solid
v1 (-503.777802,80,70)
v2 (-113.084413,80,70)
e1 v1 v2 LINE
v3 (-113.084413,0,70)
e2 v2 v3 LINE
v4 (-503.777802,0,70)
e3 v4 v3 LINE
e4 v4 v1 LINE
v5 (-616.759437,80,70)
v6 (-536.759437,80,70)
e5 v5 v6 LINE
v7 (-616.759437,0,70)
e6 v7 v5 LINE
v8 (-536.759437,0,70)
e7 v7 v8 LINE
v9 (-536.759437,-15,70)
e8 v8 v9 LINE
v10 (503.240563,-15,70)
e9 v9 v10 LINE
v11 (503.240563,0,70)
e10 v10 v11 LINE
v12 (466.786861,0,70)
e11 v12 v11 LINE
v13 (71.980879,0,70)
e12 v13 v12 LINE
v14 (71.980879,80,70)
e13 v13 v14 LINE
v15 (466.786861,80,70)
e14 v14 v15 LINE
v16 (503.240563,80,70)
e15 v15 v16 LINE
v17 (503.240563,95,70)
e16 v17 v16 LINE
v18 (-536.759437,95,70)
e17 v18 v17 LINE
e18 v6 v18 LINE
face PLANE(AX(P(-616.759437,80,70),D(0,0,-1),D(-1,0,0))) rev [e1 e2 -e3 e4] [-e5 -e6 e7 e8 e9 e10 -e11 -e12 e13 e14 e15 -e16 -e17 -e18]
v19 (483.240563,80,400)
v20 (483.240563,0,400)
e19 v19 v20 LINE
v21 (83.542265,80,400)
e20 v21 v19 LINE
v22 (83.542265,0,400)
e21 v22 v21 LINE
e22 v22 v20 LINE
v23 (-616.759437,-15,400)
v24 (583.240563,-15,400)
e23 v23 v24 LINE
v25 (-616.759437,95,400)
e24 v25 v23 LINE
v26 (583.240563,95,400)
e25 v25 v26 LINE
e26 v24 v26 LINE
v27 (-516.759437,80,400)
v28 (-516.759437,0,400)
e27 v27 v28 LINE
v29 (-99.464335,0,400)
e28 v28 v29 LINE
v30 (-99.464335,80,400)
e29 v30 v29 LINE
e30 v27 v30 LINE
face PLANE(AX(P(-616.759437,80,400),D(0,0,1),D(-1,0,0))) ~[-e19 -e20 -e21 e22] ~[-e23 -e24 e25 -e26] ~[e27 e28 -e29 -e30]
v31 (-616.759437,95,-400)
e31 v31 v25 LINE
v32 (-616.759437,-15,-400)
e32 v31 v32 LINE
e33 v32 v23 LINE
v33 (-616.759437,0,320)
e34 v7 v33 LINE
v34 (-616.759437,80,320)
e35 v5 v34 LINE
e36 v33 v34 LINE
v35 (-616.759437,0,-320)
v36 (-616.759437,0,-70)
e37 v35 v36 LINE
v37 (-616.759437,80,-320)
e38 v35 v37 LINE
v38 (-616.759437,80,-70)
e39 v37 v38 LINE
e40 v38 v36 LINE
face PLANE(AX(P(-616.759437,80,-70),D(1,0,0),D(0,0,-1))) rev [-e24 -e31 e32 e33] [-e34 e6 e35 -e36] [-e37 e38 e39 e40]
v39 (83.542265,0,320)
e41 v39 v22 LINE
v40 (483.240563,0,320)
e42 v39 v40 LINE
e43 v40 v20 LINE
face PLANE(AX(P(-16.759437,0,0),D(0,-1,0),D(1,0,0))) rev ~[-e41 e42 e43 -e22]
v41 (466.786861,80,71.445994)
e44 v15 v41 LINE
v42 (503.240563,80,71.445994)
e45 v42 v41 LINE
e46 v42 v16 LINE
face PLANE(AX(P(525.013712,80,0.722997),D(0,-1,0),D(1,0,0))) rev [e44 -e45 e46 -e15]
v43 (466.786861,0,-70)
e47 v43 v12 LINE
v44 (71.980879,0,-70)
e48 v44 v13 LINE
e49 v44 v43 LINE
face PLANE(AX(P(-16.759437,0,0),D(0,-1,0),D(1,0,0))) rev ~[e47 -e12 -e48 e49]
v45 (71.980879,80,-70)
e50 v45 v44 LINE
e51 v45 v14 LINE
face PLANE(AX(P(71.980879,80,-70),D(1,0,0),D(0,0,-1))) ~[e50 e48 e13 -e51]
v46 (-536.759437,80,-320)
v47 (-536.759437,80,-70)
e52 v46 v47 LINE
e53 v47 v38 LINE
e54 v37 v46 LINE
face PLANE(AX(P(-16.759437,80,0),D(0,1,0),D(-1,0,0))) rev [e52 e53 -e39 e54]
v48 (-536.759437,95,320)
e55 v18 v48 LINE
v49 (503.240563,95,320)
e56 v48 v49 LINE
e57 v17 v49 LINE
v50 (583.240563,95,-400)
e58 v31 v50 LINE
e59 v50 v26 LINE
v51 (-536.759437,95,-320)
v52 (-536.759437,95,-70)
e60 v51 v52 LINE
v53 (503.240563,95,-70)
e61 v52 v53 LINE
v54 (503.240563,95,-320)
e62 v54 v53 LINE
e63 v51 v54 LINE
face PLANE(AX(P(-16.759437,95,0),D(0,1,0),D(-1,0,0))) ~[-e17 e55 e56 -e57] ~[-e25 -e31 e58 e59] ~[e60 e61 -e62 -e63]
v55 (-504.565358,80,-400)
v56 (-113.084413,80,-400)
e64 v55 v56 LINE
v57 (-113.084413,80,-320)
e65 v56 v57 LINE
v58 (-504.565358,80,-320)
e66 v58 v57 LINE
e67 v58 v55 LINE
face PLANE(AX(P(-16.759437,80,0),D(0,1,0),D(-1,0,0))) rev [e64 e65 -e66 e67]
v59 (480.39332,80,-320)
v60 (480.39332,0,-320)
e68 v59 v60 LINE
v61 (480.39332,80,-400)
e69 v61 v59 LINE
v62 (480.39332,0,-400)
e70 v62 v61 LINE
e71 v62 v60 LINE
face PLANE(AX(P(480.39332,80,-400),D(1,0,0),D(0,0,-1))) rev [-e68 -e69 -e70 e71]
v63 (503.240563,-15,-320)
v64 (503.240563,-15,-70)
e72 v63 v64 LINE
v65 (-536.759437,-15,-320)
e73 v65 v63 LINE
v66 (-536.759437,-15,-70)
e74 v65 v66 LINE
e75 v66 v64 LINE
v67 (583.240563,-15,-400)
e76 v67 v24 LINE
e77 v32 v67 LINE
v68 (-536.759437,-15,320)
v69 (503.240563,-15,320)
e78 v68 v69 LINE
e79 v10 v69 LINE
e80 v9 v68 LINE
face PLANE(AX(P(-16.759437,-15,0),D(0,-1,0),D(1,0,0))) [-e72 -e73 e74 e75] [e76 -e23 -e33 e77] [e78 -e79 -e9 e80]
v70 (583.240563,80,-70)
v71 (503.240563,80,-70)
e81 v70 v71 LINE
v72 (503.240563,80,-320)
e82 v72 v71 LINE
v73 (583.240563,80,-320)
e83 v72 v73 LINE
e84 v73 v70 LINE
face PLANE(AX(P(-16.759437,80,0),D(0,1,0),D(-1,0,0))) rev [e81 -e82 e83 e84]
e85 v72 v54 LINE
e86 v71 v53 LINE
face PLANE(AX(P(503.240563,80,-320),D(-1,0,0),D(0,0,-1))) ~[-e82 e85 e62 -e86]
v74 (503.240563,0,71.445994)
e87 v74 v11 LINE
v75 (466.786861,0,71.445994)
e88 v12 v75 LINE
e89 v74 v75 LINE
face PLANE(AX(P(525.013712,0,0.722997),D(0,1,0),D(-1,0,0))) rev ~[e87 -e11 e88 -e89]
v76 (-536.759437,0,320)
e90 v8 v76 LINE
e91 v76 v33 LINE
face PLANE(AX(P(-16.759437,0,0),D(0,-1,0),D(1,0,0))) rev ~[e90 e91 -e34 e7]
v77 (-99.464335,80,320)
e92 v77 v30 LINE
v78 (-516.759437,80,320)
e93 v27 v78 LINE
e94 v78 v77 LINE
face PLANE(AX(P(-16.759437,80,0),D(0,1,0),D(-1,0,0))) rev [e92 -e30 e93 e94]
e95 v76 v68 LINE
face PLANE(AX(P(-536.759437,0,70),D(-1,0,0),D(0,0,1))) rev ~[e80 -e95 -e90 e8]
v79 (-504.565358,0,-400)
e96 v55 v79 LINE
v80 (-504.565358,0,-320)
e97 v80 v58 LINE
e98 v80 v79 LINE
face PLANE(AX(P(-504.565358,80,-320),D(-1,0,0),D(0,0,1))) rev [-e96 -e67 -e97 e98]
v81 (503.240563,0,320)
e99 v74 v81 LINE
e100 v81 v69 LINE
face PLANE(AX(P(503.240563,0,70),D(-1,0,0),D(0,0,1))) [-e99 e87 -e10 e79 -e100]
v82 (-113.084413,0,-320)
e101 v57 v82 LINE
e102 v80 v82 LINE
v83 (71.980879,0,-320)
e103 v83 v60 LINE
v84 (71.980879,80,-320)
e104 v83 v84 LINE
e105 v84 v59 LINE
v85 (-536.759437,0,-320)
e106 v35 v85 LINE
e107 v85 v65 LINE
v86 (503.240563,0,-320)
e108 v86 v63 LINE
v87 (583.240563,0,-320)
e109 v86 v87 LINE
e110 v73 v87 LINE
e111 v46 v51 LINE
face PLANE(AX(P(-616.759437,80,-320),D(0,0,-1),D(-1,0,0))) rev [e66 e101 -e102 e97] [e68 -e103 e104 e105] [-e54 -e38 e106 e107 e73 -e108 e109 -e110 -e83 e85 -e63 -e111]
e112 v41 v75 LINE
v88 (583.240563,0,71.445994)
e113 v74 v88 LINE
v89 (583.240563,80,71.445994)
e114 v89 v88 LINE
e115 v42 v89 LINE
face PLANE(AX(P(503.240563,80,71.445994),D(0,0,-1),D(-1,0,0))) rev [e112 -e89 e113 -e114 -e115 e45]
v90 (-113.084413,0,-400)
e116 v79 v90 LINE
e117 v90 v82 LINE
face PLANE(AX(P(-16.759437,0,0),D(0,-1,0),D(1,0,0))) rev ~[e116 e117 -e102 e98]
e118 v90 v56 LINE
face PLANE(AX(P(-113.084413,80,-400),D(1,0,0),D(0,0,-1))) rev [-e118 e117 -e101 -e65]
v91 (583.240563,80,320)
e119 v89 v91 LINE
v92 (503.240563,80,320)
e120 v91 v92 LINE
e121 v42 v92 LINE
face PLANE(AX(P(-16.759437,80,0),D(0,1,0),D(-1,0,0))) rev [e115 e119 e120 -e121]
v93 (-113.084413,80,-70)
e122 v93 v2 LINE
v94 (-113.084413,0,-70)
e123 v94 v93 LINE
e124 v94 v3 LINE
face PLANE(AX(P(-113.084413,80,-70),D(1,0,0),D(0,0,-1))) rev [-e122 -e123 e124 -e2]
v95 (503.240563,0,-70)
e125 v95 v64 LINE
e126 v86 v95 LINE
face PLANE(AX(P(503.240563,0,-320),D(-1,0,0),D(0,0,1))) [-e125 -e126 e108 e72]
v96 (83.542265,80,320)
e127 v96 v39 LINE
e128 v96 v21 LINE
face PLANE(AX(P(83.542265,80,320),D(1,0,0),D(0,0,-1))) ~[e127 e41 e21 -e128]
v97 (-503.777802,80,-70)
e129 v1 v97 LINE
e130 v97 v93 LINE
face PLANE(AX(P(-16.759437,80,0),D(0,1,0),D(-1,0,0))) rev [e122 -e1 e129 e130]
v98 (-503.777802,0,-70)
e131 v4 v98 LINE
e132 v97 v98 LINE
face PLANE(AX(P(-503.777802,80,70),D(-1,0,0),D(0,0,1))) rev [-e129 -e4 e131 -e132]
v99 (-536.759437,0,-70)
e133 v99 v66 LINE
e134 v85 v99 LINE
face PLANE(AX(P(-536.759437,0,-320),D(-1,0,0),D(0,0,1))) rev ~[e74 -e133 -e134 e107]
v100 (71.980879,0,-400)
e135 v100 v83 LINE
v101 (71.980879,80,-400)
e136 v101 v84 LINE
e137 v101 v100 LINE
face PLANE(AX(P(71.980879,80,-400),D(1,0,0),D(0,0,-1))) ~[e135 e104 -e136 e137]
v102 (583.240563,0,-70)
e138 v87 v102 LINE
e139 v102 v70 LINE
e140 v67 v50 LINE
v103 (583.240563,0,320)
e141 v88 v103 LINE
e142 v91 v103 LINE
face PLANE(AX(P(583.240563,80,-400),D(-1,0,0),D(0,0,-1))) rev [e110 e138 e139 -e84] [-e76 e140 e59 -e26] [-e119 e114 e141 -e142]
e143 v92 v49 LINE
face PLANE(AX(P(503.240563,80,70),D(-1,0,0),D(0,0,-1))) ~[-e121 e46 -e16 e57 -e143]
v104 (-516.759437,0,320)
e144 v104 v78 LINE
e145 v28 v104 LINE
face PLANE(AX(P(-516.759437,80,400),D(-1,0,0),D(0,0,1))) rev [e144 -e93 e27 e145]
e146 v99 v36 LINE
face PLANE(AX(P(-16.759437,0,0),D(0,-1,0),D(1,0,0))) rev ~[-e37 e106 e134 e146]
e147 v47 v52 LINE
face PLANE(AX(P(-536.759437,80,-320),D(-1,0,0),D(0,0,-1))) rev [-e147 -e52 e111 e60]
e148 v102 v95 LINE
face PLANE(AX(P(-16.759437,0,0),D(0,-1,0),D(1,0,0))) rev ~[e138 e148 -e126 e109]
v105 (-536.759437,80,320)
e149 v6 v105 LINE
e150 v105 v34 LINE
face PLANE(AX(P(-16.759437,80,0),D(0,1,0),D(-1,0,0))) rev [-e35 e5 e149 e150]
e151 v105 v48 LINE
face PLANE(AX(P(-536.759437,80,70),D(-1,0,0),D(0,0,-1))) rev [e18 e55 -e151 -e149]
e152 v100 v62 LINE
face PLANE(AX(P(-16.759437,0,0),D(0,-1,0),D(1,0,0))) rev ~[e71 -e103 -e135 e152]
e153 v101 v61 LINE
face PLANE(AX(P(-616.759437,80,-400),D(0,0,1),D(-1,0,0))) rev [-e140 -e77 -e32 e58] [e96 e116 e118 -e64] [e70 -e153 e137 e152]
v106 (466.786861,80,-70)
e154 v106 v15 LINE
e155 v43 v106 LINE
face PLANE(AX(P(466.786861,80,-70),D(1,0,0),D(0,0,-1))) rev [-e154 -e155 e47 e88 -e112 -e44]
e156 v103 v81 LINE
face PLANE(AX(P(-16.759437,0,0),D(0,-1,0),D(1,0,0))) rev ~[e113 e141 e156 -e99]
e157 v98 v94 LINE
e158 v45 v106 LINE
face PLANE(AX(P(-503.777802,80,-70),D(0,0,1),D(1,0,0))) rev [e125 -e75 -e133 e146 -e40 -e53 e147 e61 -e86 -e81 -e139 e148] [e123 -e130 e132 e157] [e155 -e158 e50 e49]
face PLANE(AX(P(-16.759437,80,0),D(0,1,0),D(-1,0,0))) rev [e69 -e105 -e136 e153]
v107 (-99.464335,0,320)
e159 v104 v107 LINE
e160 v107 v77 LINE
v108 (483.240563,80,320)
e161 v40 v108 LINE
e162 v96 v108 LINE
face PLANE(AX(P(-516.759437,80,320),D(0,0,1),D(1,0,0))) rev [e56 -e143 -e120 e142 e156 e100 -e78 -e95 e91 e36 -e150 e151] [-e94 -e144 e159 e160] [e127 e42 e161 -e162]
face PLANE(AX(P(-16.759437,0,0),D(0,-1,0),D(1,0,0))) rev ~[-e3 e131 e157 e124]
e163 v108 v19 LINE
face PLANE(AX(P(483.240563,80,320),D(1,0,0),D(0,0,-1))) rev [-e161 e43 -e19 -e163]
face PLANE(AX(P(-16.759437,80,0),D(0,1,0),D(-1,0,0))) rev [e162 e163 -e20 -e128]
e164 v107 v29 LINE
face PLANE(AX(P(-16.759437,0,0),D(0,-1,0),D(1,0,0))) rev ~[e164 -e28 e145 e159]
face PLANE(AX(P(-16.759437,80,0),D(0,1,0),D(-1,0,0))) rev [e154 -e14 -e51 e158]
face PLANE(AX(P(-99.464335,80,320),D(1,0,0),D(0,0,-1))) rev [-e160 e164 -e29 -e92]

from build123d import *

# Parameters (mm, degrees)
F0_W     = 1200
F0_H     = 800
F0_W_2   = 1040
F0_H_2   = 250
F1_DEPTH = 15
F2_W     = 185.065291822
F2_H     = 140
F3_DEPTH = 40
F2_W_2   = 100
F2_H_2   = 80
F2_W_3   = 116.4537014898
F2_H_3   = 141.4459940791
F2_W_4   = 112.9816351
F2_W_5   = 102.8472425875
F2_W_6   = 112.1940789286
F2_W_7   = 183.0065995455
F4_DEPTH = 40


with BuildPart() as f1:
    # F0 (on Front) → F1 (new body)
    with BuildSketch(Plane.XZ):
        with Locations((-16.7594370905, 0)):
            Rectangle(F0_W, F0_H)
        with Locations((-16.7594370905, -195)):
            Rectangle(F0_W_2, F0_H_2, mode=Mode.SUBTRACT)
        with Locations((-16.7594370905, 195)):
            Rectangle(F0_W_2, F0_H_2, mode=Mode.SUBTRACT)
    extrude(amount=F1_DEPTH)

    # F2 (on face) → F3 (join)
    with BuildSketch(Plane(origin=(0, 0, 0), x_dir=(-1, 0, 0), z_dir=(0, 1, 0))):
        with Locations((20.5517672002, 0)):
            Rectangle(F2_W, F2_H)
        Polygon((616.7594370905, -70), (616.7594370905, 70), (536.7594370905, 70), (503.7778019905, 70), (503.7778019905, -70), (536.7594370905, -70), align=None)
        Polygon((616.7594370905, -400), (616.7594370905, -320), (536.7594370905, -320), (504.5653581619, -320), (504.5653581619, -400), align=None)
        Polygon((-503.2405629095, -320), (-583.2405629095, -320), (-583.2405629095, -400), (-480.393320322, -400), (-480.393320322, -320), align=None)
        Polygon((-503.2405629095, 70), (-503.2405629095, 71.4459940791), (-583.2405629095, 71.4459940791), (-583.2405629095, -70), (-503.2405629095, -70), (-466.7868614197, -70), (-466.7868614197, 70), align=None)
        Polygon((-483.2405629095, 320), (-483.2405629095, 400), (-583.2405629095, 400), (-583.2405629095, 320), (-503.2405629095, 320), align=None)
        Polygon((616.7594370905, 400), (516.7594370905, 400), (516.7594370905, 320), (536.7594370905, 320), (616.7594370905, 320), align=None)
    extrude(amount=F3_DEPTH)

    # F2 (on face) → F4 (join)
    with BuildSketch(Plane(origin=(0, 0, 0), x_dir=(-1, 0, 0), z_dir=(0, 1, 0))):
        with Locations((566.7594370905, 360)):
            Rectangle(F2_W_2, F2_H_2)
        with Locations((-533.2405629095, 360)):
            Rectangle(F2_W_2, F2_H_2)
        with Locations((-525.0137121646, 0.7229970396)):
            Rectangle(F2_W_3, F2_H_3)
        with Locations((560.2686195405, 0)):
            Rectangle(F2_W_4, F2_H)
        with Locations((20.5517672002, 0)):
            Rectangle(F2_W, F2_H)
        with Locations((-531.8169416158, -360)):
            Rectangle(F2_W_5, F2_H_2)
        with Locations((560.6623976262, -360)):
            Rectangle(F2_W_6, F2_H_2)
        with Locations((7.9610347748, 360)):
            Rectangle(F2_W_7, F2_H_2)
        with Locations((20.5517672002, -360)):
            Rectangle(F2_W, F2_H_2)
    extrude(amount=F4_DEPTH)

    # F5: F1 across face


with BuildPart() as f1_1:
    add(f1.part)
    add(f1.part.mirror(Plane(origin=(-20.5517672002, 40, 0), x_dir=(-1, 0, 0), z_dir=(0, 1, 0))))


solid = f1_1.part
